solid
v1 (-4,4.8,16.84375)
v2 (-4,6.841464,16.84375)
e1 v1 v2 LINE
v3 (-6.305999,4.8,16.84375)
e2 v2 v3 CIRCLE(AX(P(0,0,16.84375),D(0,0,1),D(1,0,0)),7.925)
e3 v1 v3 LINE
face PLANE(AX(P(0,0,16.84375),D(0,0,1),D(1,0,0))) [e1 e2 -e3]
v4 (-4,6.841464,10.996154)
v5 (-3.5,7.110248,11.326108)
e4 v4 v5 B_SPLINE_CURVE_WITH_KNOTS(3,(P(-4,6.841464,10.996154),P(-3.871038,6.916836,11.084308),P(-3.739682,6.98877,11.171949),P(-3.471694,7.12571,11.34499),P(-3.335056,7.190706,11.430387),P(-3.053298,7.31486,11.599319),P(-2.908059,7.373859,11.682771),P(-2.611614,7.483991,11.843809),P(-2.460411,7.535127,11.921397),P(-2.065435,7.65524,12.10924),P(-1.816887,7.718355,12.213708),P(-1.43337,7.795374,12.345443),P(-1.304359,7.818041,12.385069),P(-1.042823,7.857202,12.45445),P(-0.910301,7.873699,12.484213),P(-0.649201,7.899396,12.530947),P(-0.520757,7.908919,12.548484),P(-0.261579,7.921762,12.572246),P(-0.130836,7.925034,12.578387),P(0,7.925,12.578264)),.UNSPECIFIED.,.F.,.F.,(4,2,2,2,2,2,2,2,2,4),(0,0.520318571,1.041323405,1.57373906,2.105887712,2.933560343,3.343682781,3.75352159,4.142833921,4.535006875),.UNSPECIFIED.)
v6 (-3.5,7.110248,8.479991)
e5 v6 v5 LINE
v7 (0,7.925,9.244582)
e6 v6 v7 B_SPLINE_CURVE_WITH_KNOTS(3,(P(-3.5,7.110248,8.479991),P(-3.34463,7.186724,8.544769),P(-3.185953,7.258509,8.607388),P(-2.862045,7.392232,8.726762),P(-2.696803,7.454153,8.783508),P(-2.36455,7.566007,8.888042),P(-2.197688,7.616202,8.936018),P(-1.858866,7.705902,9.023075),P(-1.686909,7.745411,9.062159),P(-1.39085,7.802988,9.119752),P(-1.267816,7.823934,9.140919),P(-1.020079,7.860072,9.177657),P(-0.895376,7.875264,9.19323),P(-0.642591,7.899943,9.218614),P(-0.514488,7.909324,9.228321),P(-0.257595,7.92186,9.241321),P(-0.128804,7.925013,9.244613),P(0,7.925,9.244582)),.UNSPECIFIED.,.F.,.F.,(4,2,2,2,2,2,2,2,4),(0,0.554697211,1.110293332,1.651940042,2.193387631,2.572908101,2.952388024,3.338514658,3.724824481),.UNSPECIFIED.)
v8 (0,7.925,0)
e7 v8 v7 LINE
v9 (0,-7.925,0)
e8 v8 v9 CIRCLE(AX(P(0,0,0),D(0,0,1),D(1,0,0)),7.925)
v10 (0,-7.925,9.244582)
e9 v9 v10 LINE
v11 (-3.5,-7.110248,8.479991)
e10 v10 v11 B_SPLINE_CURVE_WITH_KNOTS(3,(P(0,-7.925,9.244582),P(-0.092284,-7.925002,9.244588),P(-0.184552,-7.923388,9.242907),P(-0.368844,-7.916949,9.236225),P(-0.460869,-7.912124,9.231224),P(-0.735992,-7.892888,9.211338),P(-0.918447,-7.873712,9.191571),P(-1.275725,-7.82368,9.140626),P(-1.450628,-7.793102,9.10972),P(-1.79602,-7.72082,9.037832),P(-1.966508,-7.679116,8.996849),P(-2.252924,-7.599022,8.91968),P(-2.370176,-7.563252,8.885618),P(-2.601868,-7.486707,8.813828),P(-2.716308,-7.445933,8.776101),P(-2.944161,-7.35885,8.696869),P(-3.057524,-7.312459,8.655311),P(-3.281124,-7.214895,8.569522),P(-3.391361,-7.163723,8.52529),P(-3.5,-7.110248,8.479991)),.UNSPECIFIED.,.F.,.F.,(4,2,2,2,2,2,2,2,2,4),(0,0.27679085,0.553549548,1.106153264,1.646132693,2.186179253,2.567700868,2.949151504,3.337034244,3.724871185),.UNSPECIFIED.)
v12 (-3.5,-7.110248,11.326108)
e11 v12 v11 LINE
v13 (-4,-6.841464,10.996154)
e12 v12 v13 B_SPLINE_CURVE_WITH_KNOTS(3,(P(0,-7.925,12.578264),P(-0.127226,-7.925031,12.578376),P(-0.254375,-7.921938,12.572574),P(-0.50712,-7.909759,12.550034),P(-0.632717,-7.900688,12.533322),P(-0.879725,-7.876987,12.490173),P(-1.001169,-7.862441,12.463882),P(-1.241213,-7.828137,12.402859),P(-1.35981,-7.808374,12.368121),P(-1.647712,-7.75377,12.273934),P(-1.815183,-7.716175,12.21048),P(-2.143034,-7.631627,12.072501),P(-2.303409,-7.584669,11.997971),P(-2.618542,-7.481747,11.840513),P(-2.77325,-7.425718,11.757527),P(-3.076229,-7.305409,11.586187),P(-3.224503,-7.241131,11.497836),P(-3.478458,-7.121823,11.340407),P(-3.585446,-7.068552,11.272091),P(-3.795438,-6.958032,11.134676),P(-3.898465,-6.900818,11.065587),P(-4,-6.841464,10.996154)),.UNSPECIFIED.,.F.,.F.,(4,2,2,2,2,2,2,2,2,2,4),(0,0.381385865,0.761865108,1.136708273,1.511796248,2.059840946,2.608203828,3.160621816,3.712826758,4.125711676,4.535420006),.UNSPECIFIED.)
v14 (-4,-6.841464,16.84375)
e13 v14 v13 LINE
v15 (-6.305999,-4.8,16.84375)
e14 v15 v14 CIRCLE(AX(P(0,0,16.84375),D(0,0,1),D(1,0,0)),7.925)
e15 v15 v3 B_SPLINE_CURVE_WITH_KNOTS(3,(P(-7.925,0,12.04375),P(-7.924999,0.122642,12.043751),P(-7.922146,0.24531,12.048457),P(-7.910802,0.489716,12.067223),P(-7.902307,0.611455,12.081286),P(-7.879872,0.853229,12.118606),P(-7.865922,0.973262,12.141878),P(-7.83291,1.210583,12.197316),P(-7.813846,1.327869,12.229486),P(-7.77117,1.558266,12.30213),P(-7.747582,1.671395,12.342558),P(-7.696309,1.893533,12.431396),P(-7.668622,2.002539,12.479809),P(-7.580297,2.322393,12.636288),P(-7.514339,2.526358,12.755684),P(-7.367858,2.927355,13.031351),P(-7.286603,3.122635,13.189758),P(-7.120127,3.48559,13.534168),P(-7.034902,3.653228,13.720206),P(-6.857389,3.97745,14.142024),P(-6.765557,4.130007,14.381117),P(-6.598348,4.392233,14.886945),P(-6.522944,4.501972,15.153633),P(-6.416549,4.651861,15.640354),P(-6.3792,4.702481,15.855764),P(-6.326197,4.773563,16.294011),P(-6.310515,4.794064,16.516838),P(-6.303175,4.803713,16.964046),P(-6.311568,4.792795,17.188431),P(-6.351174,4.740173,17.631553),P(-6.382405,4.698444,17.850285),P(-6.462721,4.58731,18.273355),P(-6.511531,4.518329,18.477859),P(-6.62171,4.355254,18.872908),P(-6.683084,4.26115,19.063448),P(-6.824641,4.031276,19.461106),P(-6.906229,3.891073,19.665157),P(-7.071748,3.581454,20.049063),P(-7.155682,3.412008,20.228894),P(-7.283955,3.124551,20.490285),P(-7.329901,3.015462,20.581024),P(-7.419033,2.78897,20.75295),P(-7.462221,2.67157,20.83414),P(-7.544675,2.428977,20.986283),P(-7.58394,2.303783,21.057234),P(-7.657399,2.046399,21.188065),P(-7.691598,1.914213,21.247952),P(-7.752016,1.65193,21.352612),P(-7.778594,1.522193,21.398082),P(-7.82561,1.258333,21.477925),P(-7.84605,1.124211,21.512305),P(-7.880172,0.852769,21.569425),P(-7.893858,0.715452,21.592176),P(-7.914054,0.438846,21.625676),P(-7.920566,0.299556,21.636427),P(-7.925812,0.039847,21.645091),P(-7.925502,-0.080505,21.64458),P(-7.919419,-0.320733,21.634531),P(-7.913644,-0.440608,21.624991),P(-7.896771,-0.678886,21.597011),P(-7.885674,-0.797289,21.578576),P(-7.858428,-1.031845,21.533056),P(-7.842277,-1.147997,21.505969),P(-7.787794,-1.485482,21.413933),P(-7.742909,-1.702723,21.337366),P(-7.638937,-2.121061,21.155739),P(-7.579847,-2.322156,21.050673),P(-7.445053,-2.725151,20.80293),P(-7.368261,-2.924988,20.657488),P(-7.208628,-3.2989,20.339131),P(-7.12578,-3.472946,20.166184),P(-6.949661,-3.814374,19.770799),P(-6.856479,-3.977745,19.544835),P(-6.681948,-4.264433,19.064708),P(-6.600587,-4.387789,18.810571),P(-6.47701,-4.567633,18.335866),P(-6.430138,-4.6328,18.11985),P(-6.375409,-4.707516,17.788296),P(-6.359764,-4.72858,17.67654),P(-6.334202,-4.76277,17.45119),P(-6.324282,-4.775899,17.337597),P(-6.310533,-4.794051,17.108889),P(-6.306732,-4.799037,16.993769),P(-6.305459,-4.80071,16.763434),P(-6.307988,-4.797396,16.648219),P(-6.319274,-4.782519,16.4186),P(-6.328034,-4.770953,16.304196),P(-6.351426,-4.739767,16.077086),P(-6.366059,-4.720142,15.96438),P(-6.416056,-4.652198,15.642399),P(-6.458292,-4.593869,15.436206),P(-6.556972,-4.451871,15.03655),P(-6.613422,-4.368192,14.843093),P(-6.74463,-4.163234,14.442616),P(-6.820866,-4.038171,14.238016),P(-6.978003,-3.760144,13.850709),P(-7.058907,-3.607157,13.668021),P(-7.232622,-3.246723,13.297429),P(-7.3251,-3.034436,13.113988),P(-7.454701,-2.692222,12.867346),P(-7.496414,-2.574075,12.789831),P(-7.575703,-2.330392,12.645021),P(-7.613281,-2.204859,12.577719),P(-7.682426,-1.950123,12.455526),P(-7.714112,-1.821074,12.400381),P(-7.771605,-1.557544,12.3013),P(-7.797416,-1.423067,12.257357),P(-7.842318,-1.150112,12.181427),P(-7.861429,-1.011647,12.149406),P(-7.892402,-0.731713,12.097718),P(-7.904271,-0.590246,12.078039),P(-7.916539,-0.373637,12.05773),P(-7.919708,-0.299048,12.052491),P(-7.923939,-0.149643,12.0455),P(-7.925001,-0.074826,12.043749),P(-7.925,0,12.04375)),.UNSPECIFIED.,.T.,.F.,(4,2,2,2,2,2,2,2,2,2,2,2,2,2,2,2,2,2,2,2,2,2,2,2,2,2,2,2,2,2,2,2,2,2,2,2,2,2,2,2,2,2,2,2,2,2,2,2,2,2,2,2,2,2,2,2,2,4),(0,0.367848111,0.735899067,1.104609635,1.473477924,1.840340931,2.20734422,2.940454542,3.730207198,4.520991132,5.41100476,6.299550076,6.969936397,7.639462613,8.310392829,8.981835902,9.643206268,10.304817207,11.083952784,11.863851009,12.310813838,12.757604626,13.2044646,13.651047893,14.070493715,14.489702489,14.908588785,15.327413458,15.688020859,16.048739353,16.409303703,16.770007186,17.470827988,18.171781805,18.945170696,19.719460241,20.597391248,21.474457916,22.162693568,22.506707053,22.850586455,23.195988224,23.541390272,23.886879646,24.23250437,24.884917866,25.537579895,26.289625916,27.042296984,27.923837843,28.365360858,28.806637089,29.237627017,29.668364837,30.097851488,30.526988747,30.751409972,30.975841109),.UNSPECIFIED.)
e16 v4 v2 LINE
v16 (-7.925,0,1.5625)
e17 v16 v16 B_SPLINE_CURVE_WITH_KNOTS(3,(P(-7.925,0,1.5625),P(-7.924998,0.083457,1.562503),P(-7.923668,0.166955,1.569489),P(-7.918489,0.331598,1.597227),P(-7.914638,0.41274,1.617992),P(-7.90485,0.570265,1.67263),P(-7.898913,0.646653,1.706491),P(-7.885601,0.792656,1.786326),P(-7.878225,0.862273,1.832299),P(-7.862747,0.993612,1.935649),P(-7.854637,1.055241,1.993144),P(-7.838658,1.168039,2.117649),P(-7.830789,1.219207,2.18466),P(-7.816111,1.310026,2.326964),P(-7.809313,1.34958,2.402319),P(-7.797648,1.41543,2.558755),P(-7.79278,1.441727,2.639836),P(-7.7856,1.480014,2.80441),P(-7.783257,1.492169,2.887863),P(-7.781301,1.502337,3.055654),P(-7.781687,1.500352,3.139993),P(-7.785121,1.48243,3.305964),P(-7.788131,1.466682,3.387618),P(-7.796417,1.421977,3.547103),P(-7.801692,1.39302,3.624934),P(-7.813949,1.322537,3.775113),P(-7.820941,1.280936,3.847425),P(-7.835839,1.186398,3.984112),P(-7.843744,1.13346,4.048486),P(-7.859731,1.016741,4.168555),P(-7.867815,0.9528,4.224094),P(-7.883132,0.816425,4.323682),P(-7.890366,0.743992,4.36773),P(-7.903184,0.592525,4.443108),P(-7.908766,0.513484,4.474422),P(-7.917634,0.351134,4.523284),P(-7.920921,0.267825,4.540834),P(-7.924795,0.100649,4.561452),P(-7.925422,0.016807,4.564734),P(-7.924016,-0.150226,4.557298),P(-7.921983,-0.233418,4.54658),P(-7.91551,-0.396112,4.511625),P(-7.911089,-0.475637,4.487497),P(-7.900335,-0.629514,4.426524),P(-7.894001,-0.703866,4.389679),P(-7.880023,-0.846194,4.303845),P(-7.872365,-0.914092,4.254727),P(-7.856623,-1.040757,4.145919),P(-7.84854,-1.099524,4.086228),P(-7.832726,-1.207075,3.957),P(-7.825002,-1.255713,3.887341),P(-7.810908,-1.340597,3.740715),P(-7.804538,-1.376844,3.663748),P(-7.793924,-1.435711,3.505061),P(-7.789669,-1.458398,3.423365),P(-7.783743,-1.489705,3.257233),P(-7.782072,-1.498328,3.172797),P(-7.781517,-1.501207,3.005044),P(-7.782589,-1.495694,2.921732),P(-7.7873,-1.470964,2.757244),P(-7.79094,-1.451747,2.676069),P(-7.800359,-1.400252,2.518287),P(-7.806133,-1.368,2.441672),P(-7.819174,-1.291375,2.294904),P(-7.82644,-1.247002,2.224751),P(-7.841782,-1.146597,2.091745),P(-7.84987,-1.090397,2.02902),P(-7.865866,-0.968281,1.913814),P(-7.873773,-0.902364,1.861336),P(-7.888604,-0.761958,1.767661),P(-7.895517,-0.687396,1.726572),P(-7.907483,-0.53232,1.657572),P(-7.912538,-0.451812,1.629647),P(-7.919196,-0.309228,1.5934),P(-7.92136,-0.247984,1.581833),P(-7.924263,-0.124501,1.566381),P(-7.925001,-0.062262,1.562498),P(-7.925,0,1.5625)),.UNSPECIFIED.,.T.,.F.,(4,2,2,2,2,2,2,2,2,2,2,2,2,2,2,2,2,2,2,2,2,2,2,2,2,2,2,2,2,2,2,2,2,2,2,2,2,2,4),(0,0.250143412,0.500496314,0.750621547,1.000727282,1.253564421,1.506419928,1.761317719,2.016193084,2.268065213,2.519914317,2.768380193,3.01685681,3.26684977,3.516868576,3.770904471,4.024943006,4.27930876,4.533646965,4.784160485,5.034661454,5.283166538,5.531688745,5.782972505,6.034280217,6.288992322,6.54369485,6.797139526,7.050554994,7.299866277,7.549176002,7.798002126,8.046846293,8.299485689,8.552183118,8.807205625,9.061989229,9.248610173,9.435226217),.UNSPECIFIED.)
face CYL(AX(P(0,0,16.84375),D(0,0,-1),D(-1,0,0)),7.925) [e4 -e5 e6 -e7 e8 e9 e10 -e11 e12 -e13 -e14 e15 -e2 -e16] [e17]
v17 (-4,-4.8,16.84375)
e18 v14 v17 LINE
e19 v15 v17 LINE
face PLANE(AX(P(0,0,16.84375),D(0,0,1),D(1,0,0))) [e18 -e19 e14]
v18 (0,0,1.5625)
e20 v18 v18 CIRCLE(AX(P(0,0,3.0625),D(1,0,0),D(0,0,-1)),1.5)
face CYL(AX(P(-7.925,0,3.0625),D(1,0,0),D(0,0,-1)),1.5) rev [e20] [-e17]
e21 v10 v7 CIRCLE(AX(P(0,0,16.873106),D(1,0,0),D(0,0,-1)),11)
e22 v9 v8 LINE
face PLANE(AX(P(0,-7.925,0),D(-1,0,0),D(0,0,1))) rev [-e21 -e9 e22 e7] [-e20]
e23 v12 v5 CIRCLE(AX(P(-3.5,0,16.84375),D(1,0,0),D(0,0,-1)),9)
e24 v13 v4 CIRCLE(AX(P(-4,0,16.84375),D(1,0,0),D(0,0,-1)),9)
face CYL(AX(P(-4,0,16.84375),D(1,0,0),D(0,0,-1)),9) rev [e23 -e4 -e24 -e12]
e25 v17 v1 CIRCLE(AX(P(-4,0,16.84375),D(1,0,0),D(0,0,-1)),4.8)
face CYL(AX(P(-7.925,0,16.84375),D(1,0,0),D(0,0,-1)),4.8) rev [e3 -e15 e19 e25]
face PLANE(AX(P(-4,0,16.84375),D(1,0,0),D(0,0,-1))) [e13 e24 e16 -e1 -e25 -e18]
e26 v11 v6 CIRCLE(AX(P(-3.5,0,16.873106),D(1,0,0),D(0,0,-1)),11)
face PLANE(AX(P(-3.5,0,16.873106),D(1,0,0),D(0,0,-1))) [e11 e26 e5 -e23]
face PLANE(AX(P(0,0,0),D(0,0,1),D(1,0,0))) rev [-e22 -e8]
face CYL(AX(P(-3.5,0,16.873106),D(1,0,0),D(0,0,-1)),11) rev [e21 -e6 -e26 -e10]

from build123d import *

# Parameters (mm, degrees)
SKETCH1_R               = 7.925
EXTRUDE1_DEPTH          = 16.84375
CUT_EXTRUDE1_DEPTH      = 21.231736556
CUT_EXTRUDE1_DEPTH_BACK = 21.231736556
SKETCH2_W               = 7.925
SKETCH2_H               = 17
SKETCH3_R               = 11
CUT_EXTRUDE2_DEPTH      = 3.5
SKETCH6_R               = 9
CUT_EXTRUDE5_DEPTH      = 4
SKETCH7_R               = 4.8
SKETCH7_R_2             = 1.5
CUT_EXTRUDE6_DEPTH      = 21.231736717


with BuildPart() as part:
    # Sketch1 → Extrude1 (new body)
    with BuildSketch(Plane.XY):
        Circle(SKETCH1_R)
    extrude(amount=EXTRUDE1_DEPTH)

    # Sketch2 → Cut-Extrude1 (cut, two sides: drawn at the far end of the back side and taken through both)
    with BuildSketch(Plane(origin=(0, 0, 0), x_dir=(1, 0, 0), z_dir=(0, 1, 0)).offset(-CUT_EXTRUDE1_DEPTH_BACK)):
        with Locations((3.9625, -8.5)):
            Rectangle(SKETCH2_W, SKETCH2_H)
    extrude(amount=CUT_EXTRUDE1_DEPTH + CUT_EXTRUDE1_DEPTH_BACK, mode=Mode.SUBTRACT)

    # Sketch3 → Cut-Extrude2 (cut)
    with BuildSketch(Plane(origin=(0, 0, 0), x_dir=(0, 0, -1), z_dir=(1, 0, 0))):
        with Locations((-16.873106172, 0)):
            Circle(SKETCH3_R)
    extrude(amount=-CUT_EXTRUDE2_DEPTH, mode=Mode.SUBTRACT)

    # Sketch6 → Cut-Extrude5 (cut)
    with BuildSketch(Plane(origin=(0, 0, 0), x_dir=(0, 0, -1), z_dir=(1, 0, 0))):
        with Locations((-16.84375, 0)):
            Circle(SKETCH6_R)
    extrude(amount=-CUT_EXTRUDE5_DEPTH, mode=Mode.SUBTRACT)

    # Sketch7 → Cut-Extrude6 (cut, through all)
    with BuildSketch(Plane(origin=(0, 0, 0), x_dir=(0, 0, -1), z_dir=(1, 0, 0))):
        with Locations((-16.84375, 0)):
            Circle(SKETCH7_R)
        with Locations((-3.0625, 0)):
            Circle(SKETCH7_R_2)
    extrude(amount=-CUT_EXTRUDE6_DEPTH, mode=Mode.SUBTRACT)


solid = part.part
